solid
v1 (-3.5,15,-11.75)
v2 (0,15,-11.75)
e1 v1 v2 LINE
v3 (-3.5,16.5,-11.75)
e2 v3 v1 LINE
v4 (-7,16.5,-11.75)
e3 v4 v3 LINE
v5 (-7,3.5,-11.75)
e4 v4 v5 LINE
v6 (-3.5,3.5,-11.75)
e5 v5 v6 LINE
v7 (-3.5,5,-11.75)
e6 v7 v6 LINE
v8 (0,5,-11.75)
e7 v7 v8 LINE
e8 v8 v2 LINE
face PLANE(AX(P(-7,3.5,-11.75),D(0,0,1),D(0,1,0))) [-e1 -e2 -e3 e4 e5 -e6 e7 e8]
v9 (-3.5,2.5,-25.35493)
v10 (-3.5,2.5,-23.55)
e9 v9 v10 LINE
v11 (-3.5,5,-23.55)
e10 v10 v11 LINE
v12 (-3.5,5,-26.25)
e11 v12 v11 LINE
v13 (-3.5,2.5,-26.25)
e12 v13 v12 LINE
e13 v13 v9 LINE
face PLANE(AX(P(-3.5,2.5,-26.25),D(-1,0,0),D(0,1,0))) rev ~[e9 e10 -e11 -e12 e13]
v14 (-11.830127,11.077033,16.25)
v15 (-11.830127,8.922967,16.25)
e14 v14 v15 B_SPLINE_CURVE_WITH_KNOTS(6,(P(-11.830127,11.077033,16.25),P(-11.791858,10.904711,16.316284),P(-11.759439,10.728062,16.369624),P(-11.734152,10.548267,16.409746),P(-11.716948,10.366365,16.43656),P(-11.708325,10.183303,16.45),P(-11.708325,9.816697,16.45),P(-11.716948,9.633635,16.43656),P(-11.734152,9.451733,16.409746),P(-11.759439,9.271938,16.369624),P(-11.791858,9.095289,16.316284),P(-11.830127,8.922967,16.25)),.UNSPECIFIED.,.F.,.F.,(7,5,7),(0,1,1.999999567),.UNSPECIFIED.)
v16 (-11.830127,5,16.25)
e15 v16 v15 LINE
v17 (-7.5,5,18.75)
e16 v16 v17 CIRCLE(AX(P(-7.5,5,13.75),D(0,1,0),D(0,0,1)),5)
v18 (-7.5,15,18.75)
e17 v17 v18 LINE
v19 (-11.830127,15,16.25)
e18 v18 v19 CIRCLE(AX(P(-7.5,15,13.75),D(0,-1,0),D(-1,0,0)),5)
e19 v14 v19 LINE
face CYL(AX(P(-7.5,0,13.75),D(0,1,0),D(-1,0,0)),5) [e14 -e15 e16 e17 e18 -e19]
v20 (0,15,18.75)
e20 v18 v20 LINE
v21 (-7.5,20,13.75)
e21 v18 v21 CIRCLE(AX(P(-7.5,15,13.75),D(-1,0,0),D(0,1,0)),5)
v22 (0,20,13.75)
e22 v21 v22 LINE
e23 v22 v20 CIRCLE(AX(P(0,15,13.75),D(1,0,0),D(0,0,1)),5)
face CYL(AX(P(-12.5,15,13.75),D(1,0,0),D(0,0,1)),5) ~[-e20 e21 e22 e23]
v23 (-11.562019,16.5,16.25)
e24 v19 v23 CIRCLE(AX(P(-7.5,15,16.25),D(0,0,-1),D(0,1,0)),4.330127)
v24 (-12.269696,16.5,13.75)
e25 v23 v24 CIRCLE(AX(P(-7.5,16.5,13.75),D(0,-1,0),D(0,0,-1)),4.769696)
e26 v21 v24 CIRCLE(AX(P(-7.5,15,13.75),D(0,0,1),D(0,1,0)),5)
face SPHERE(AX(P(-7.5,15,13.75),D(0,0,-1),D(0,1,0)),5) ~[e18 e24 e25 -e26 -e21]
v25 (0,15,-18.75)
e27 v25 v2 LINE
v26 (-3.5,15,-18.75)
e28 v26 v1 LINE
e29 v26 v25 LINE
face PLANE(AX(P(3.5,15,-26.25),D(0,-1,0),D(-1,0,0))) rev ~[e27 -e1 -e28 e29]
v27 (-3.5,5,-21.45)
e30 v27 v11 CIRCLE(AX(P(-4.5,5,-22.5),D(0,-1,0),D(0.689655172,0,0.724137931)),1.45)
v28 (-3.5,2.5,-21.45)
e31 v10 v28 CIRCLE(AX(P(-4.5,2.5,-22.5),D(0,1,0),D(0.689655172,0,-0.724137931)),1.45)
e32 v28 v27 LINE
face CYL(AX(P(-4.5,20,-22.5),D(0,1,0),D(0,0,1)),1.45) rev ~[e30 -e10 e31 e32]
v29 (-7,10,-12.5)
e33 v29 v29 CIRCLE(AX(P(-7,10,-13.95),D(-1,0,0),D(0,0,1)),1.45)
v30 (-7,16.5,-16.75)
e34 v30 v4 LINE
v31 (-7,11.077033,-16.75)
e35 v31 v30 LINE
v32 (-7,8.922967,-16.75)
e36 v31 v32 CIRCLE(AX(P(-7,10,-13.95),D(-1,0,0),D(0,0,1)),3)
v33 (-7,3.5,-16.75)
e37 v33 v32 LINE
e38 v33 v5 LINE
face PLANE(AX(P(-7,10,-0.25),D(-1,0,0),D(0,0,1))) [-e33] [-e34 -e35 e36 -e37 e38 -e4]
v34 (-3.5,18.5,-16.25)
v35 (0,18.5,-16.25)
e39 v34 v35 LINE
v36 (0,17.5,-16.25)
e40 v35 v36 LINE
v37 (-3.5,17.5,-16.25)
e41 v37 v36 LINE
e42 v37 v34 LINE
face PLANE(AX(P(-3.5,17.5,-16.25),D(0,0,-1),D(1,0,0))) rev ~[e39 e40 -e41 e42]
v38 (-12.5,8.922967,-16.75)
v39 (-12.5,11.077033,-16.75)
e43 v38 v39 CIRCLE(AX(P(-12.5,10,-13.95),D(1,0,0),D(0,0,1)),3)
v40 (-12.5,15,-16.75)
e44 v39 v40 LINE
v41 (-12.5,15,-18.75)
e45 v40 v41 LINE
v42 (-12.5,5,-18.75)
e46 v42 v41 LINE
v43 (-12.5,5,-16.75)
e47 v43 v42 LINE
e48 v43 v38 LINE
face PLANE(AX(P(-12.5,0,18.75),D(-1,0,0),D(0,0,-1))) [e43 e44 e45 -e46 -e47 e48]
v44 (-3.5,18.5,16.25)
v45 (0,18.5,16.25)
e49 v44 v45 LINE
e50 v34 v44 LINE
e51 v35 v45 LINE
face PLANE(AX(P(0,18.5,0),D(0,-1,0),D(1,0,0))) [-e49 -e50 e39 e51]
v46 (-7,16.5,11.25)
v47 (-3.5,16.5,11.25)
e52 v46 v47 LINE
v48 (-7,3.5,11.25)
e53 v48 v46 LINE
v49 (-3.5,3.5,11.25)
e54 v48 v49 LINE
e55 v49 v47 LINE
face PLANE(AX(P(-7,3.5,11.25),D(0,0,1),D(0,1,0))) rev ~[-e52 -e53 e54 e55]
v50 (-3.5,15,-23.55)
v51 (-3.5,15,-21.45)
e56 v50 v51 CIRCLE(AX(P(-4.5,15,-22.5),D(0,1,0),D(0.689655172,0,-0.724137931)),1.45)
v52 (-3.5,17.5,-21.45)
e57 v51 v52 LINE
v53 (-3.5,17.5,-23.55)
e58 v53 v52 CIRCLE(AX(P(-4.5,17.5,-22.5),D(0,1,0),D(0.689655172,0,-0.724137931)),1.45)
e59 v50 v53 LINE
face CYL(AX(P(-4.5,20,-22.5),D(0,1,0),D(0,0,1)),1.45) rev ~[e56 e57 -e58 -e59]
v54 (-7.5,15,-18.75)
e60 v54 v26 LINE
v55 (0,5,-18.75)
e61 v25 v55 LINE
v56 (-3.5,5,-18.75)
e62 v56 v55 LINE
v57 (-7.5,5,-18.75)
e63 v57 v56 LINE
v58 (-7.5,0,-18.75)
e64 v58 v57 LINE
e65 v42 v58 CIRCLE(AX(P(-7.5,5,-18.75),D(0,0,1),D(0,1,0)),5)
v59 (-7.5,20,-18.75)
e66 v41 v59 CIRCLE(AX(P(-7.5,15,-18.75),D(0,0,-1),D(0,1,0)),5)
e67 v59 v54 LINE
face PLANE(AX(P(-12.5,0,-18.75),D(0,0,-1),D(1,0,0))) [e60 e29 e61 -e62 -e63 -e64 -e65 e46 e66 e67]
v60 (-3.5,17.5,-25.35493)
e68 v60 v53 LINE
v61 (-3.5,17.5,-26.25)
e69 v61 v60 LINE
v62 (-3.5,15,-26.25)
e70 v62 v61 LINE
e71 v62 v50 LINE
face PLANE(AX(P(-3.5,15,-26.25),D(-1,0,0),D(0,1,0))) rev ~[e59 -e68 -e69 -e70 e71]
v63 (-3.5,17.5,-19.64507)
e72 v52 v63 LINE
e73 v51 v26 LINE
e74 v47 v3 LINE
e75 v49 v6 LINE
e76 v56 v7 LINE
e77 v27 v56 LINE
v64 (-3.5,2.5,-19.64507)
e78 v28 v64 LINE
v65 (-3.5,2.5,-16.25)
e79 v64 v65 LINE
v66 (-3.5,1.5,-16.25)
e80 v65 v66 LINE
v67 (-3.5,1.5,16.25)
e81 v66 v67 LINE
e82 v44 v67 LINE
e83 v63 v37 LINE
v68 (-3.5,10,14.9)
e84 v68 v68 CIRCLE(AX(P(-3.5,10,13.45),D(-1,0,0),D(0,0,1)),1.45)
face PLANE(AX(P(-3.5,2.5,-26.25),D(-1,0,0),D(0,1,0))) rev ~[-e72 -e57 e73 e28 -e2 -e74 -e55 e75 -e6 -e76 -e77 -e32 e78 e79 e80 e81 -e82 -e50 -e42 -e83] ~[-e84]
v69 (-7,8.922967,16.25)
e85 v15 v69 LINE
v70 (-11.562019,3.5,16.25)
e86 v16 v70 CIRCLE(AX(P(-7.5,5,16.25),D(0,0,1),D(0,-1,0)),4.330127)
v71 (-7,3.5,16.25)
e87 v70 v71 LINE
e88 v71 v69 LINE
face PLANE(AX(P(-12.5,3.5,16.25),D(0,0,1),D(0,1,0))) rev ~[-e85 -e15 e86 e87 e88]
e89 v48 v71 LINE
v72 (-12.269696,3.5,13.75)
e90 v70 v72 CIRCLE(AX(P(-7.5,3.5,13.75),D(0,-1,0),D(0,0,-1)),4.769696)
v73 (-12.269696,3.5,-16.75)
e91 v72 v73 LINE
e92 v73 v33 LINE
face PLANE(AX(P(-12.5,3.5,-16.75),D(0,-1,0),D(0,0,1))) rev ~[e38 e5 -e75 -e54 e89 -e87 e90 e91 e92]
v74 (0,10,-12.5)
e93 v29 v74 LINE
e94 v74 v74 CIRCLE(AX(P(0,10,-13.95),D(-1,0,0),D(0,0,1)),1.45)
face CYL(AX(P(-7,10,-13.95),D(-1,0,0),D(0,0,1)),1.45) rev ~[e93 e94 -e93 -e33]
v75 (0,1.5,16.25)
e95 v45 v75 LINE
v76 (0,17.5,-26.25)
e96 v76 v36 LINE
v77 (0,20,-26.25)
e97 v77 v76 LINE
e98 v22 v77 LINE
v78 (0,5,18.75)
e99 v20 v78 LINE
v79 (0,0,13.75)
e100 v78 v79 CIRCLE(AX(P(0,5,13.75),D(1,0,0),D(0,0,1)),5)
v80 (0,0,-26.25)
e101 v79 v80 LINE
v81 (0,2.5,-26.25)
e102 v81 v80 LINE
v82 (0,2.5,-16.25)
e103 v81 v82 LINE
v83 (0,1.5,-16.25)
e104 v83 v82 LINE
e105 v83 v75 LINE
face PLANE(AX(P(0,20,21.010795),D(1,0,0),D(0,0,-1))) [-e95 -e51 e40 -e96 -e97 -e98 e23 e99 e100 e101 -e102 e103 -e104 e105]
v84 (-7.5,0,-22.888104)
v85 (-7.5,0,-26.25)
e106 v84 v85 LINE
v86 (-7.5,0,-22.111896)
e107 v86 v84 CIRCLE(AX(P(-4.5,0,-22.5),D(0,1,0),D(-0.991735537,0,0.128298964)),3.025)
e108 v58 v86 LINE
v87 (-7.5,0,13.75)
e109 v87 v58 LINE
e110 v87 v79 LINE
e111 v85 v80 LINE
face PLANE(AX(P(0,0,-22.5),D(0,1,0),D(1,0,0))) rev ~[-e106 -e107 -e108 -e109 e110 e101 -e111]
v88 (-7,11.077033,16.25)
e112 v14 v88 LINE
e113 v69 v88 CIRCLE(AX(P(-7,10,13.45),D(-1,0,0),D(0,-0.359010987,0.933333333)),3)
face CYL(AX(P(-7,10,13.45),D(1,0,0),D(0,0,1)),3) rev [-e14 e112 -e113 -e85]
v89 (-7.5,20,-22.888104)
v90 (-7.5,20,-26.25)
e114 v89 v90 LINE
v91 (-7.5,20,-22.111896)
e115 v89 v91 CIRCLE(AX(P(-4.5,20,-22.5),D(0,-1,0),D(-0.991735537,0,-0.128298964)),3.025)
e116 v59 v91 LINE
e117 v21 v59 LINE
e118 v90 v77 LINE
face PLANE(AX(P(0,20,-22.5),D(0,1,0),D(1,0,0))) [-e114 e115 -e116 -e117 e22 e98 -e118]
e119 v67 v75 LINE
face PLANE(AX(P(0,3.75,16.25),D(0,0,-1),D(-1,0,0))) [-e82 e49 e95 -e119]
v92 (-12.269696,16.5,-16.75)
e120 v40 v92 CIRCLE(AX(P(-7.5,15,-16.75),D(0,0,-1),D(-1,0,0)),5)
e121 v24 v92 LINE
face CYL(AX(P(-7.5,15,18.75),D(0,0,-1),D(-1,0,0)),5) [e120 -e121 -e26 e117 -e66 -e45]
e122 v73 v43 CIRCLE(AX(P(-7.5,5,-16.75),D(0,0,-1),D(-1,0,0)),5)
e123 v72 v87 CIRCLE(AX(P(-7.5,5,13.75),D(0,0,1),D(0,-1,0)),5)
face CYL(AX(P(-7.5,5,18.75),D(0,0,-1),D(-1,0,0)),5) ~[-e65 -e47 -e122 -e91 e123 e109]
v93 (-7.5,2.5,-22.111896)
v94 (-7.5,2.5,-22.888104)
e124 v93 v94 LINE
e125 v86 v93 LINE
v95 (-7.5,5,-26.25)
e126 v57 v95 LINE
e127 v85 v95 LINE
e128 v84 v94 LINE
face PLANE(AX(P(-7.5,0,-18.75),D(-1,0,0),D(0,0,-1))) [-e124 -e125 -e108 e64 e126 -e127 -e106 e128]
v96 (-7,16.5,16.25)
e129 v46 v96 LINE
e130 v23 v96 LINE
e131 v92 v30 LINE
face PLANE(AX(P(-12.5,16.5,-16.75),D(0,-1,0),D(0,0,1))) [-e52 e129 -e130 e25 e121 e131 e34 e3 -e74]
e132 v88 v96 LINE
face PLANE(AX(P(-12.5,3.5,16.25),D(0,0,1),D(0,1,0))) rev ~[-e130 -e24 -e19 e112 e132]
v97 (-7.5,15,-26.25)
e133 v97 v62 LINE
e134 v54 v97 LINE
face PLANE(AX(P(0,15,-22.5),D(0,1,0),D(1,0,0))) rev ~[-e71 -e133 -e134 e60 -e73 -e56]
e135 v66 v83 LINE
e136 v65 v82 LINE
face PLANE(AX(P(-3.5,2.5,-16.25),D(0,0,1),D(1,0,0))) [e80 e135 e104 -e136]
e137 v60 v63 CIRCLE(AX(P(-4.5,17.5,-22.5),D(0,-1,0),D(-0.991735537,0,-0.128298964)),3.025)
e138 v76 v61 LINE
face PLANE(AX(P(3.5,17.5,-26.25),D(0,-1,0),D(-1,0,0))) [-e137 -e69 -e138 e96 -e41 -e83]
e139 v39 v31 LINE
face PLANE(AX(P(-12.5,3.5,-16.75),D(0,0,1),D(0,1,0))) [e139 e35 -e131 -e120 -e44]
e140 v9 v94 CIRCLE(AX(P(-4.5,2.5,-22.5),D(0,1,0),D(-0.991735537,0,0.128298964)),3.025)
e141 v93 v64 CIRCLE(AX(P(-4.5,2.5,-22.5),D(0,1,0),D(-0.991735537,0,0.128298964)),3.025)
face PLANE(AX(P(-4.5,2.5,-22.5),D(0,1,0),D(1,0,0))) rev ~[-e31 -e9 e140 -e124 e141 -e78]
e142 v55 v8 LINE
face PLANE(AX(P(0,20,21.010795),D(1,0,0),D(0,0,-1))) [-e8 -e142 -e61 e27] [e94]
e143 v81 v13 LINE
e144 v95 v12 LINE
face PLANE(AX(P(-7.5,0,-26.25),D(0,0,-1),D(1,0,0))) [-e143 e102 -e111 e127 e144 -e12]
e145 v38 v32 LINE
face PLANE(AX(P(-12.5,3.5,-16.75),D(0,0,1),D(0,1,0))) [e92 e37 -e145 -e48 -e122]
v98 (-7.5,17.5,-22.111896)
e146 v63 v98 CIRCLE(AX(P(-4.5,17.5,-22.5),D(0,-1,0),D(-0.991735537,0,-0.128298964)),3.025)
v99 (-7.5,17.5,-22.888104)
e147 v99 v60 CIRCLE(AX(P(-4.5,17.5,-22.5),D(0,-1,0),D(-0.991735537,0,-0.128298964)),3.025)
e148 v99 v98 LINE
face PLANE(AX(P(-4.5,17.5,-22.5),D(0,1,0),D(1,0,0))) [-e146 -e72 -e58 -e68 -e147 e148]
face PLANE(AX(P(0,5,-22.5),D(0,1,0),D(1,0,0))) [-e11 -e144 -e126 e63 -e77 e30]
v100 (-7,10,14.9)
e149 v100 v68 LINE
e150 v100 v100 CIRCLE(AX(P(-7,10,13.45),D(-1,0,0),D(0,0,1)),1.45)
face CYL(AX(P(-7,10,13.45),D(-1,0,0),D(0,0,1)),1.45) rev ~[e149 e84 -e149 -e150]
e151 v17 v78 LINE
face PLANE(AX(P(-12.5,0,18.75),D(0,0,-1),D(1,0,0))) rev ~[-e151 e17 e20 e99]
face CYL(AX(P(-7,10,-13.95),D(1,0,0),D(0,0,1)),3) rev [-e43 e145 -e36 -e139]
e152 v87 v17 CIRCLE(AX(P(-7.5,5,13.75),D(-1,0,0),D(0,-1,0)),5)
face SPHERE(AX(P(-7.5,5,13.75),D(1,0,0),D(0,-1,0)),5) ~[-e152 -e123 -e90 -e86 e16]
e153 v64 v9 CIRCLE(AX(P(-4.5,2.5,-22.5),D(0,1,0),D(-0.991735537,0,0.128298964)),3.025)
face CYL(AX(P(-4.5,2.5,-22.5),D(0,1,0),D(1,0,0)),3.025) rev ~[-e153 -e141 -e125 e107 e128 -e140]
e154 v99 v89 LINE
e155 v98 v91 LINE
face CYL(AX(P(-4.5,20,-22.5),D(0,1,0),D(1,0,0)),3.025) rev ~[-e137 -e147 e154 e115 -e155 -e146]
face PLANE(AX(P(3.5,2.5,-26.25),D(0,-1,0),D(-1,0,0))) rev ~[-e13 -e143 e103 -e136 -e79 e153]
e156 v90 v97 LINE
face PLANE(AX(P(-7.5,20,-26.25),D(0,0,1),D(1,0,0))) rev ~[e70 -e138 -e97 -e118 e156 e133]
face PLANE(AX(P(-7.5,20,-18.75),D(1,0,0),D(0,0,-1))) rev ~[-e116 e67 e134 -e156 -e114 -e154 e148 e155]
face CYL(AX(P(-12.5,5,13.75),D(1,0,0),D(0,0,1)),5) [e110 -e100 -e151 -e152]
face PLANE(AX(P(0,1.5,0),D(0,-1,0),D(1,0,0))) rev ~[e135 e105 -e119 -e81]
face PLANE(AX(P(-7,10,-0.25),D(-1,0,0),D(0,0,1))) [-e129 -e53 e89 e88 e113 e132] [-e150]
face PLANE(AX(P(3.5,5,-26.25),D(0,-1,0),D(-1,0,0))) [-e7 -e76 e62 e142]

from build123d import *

# Parameters (mm, degrees)
SKETCH_1_W           = 25
SKETCH_1_H           = 37.5
EXTRUDE_1_DEPTH      = 20
FILLET_1_R           = 5
SKETCH_2_W           = 15
SKETCH_2_H           = 7.5
EXTRUDE_2_DEPTH      = 5
EXTRUDE_START        = -20
SKETCH_2_2_W         = 15
SKETCH_2_2_H         = 7.5
EXTRUDE_3_DEPTH      = 5
SKETCH_3_R           = 1.45
CUT_EXTRUDE_1_DEPTH  = 20
SKETCH_4_R           = 3.025
CUT_EXTRUDE_3_DEPTH  = 2.5
CUT_EXTRUDE_START    = -17.5
SKETCH_4_2_R         = 3.025
CUT_EXTRUDE_4_DEPTH  = 2.5
SKETCH_5_W           = 33
SKETCH_5_H           = 13
CUT_EXTRUDE_5_DEPTH  = 5.5
SKETCH_6_W           = 23
SKETCH_6_H           = 13
CUT_EXTRUDE_6_DEPTH  = 18.5
SKETCH_7_R           = 1.45
CUT_EXTRUDE_7_DEPTH  = 14.5
SKETCH_8_W           = 7
SKETCH_8_H           = 2.5
CUT_EXTRUDE_8_DEPTH  = 42.5
SKETCH_9_W           = 12
SKETCH_9_H           = 15
CUT_EXTRUDE_9_DEPTH  = 5
SKETCH_10_W          = 7
SKETCH_10_H          = 32.5
CUT_EXTRUDE_10_DEPTH = 1
CUT_EXTRUDE_START_2  = 15
SKETCH_10_2_W        = 7
SKETCH_10_2_H        = 32.5
CUT_EXTRUDE_11_DEPTH = 1
CUT_EXTRUDE_12_REACH = 40.332
SKETCH_11_R          = 3
SKETCH_12_R          = 4
EXTRUDE_4_DEPTH      = 5
SKETCH_13_W          = 22.08380712
SKETCH_13_H          = 47.260795407
CUT_EXTRUDE_13_DEPTH = 23


with BuildPart() as part:
    # Эскиз1 → Бобышка-Вытянуть1 (new body)
    with BuildSketch(Plane(origin=(0, 0, 0), x_dir=(1, 0, 0), z_dir=(0, 1, 0))):
        Rectangle(SKETCH_1_W, SKETCH_1_H)
    extrude(amount=EXTRUDE_1_DEPTH)

    # Скругление1
    fillet_1_edges = [part.edges().sort_by_distance(p)[0] for p in [
        (-12.5, 20, 0),
        (0, 20, 18.75),
        (12.5, 20, 0),
        (0, 0, 18.75),
        (-12.5, 0, 0),
        (12.5, 0, 0),
        (12.5, 10, 18.75),
        (-12.5, 10, 18.75),
    ]]
    fillet(fillet_1_edges, radius=FILLET_1_R)

    # Эскиз2 → Бобышка-Вытянуть2 (add)
    with BuildSketch(Plane(origin=(0, 20, 0), x_dir=(1, 0, 0), z_dir=(0, 1, 0))):
        with Locations((0, 22.5)):
            Rectangle(SKETCH_2_W, SKETCH_2_H)
    extrude(amount=-EXTRUDE_2_DEPTH)

    # Эскиз2<2> → Бобышка-Вытянуть3 (add)
    with BuildSketch(Plane(origin=(0, 20, 0), x_dir=(1, 0, 0), z_dir=(0, 1, 0)).offset(EXTRUDE_START)):
        with Locations((0, 22.5)):
            Rectangle(SKETCH_2_2_W, SKETCH_2_2_H)
    extrude(amount=EXTRUDE_3_DEPTH)

    # Эскиз3 → Вырез-Вытянуть1 (cut)
    with BuildSketch(Plane(origin=(0, 20, 0), x_dir=(1, 0, 0), z_dir=(0, 1, 0))):
        with Locations(Location((-4.5, 22.5, 0), (0, 0, 270))):
            Circle(SKETCH_3_R)
        with Locations(Location((4.5, 22.5, 0), (0, 0, 270))):
            Circle(SKETCH_3_R)
    extrude(amount=-CUT_EXTRUDE_1_DEPTH, mode=Mode.SUBTRACT)

    # Эскиз4 → Вырез-Вытянуть3 (cut)
    with BuildSketch(Plane(origin=(0, 20, 0), x_dir=(1, 0, 0), z_dir=(0, 1, 0))):
        with Locations((-4.5, 22.5)):
            Circle(SKETCH_4_R)
        with Locations((4.5, 22.5)):
            Circle(SKETCH_4_R)
    extrude(amount=-CUT_EXTRUDE_3_DEPTH, mode=Mode.SUBTRACT)

    # Эскиз4<2> → Вырез-Вытянуть4 (cut)
    with BuildSketch(Plane(origin=(0, 20, 0), x_dir=(1, 0, 0), z_dir=(0, 1, 0)).offset(CUT_EXTRUDE_START)):
        with Locations((-4.5, 22.5)):
            Circle(SKETCH_4_2_R)
        with Locations((4.5, 22.5)):
            Circle(SKETCH_4_2_R)
    extrude(amount=-CUT_EXTRUDE_4_DEPTH, mode=Mode.SUBTRACT)

    # Эскиз5 → Вырез-Вытянуть5 (cut)
    with BuildSketch(Plane.ZY.offset(12.5)):
        with Locations((-0.25, 10)):
            Rectangle(SKETCH_5_W, SKETCH_5_H)
    extrude(amount=-CUT_EXTRUDE_5_DEPTH, mode=Mode.SUBTRACT)

    # Эскиз6 → Вырез-Вытянуть6 (cut)
    with BuildSketch(Plane.ZY.offset(7)):
        with Locations((-0.25, 10)):
            Rectangle(SKETCH_6_W, SKETCH_6_H)
    extrude(amount=-CUT_EXTRUDE_6_DEPTH, mode=Mode.SUBTRACT)

    # Эскиз7 → Вырез-Вытянуть7 (cut)
    with BuildSketch(Plane.ZY.offset(7)):
        with Locations((-13.95, 10)):
            Circle(SKETCH_7_R)
        with Locations((13.45, 10)):
            Circle(SKETCH_7_R)
    extrude(amount=-CUT_EXTRUDE_7_DEPTH, mode=Mode.SUBTRACT)

    # Эскиз8 → Вырез-Вытянуть8 (cut)
    with BuildSketch(Plane(origin=(0, 0, -26.25), x_dir=(-1, 0, 0), z_dir=(0, 0, -1))):
        with Locations((0, 16.25)):
            Rectangle(SKETCH_8_W, SKETCH_8_H)
        with Locations((0, 3.75)):
            Rectangle(SKETCH_8_W, SKETCH_8_H)
    extrude(amount=-CUT_EXTRUDE_8_DEPTH, mode=Mode.SUBTRACT)

    # Эскиз9 → Вырез-Вытянуть9 (cut)
    with BuildSketch(Plane(origin=(0, 0, 11.25), x_dir=(-1, 0, 0), z_dir=(0, 0, -1))):
        with Locations((-2.5, 10)):
            Rectangle(SKETCH_9_W, SKETCH_9_H)
    extrude(amount=-CUT_EXTRUDE_9_DEPTH, mode=Mode.SUBTRACT)

    # Эскиз10 → Вырез-Вытянуть10 (cut)
    with BuildSketch(Plane.XZ.offset(-17.5)):
        Rectangle(SKETCH_10_W, SKETCH_10_H)
    extrude(amount=-CUT_EXTRUDE_10_DEPTH, mode=Mode.SUBTRACT)

    # Эскиз10<2> → Вырез-Вытянуть11 (cut)
    with BuildSketch(Plane.XZ.offset(-17.5).offset(CUT_EXTRUDE_START_2)):
        Rectangle(SKETCH_10_2_W, SKETCH_10_2_H)
    extrude(amount=CUT_EXTRUDE_11_DEPTH, mode=Mode.SUBTRACT)

    # Вырез-Вытянуть12: up to this face of the body (flat: up to its plane)
    cut_extrude_12_end = Plane(part.part.faces().sort_by_distance((-12.5, 10, -17.75))[0])
    # Эскиз11 → Вырез-Вытянуть12 (cut, up to the picked face)
    with BuildSketch(Plane.ZY.offset(7), mode=Mode.PRIVATE) as cut_extrude_12_sk1:
        with Locations((-13.95, 10)):
            Circle(SKETCH_11_R)
    cut_extrude_12_tool1 = split(extrude(cut_extrude_12_sk1.sketch, amount=CUT_EXTRUDE_12_REACH, mode=Mode.PRIVATE), bisect_by=cut_extrude_12_end, keep=Keep.BOTH, mode=Mode.PRIVATE)
    # Эскиз11 → Вырез-Вытянуть12 (cut, up to the picked face)
    with BuildSketch(Plane.ZY.offset(7), mode=Mode.PRIVATE) as cut_extrude_12_sk2:
        with Locations((13.45, 10)):
            Circle(SKETCH_11_R)
    cut_extrude_12_tool2 = split(extrude(cut_extrude_12_sk2.sketch, amount=CUT_EXTRUDE_12_REACH, mode=Mode.PRIVATE), bisect_by=cut_extrude_12_end, keep=Keep.BOTH, mode=Mode.PRIVATE)
    add(cut_extrude_12_tool1.solids().sort_by(Axis((-7, 10, -13.95), (-1, 0, 0)))[0], mode=Mode.SUBTRACT)
    add(cut_extrude_12_tool2.solids().sort_by(Axis((-7, 10, 13.45), (-1, 0, 0)))[0], mode=Mode.SUBTRACT)

    # Эскиз12 → Бобышка-Вытянуть4 (add)
    with BuildSketch(Plane(origin=(12.5, 0, 0), x_dir=(0, 0, -1), z_dir=(1, 0, 0))):
        with Locations(Location((-4.87, 10, 0), (0, 0, 180))):
            Circle(SKETCH_12_R)
    extrude(amount=EXTRUDE_4_DEPTH)

    # Эскиз13 → Вырез-Вытянуть13 (cut)
    with BuildSketch(Plane(origin=(0, 20, 0), x_dir=(1, 0, 0), z_dir=(0, 1, 0))):
        with Locations((11.04190356, 2.619602297)):
            Rectangle(SKETCH_13_W, SKETCH_13_H)
    extrude(amount=-CUT_EXTRUDE_13_DEPTH, mode=Mode.SUBTRACT)


solid = part.part
